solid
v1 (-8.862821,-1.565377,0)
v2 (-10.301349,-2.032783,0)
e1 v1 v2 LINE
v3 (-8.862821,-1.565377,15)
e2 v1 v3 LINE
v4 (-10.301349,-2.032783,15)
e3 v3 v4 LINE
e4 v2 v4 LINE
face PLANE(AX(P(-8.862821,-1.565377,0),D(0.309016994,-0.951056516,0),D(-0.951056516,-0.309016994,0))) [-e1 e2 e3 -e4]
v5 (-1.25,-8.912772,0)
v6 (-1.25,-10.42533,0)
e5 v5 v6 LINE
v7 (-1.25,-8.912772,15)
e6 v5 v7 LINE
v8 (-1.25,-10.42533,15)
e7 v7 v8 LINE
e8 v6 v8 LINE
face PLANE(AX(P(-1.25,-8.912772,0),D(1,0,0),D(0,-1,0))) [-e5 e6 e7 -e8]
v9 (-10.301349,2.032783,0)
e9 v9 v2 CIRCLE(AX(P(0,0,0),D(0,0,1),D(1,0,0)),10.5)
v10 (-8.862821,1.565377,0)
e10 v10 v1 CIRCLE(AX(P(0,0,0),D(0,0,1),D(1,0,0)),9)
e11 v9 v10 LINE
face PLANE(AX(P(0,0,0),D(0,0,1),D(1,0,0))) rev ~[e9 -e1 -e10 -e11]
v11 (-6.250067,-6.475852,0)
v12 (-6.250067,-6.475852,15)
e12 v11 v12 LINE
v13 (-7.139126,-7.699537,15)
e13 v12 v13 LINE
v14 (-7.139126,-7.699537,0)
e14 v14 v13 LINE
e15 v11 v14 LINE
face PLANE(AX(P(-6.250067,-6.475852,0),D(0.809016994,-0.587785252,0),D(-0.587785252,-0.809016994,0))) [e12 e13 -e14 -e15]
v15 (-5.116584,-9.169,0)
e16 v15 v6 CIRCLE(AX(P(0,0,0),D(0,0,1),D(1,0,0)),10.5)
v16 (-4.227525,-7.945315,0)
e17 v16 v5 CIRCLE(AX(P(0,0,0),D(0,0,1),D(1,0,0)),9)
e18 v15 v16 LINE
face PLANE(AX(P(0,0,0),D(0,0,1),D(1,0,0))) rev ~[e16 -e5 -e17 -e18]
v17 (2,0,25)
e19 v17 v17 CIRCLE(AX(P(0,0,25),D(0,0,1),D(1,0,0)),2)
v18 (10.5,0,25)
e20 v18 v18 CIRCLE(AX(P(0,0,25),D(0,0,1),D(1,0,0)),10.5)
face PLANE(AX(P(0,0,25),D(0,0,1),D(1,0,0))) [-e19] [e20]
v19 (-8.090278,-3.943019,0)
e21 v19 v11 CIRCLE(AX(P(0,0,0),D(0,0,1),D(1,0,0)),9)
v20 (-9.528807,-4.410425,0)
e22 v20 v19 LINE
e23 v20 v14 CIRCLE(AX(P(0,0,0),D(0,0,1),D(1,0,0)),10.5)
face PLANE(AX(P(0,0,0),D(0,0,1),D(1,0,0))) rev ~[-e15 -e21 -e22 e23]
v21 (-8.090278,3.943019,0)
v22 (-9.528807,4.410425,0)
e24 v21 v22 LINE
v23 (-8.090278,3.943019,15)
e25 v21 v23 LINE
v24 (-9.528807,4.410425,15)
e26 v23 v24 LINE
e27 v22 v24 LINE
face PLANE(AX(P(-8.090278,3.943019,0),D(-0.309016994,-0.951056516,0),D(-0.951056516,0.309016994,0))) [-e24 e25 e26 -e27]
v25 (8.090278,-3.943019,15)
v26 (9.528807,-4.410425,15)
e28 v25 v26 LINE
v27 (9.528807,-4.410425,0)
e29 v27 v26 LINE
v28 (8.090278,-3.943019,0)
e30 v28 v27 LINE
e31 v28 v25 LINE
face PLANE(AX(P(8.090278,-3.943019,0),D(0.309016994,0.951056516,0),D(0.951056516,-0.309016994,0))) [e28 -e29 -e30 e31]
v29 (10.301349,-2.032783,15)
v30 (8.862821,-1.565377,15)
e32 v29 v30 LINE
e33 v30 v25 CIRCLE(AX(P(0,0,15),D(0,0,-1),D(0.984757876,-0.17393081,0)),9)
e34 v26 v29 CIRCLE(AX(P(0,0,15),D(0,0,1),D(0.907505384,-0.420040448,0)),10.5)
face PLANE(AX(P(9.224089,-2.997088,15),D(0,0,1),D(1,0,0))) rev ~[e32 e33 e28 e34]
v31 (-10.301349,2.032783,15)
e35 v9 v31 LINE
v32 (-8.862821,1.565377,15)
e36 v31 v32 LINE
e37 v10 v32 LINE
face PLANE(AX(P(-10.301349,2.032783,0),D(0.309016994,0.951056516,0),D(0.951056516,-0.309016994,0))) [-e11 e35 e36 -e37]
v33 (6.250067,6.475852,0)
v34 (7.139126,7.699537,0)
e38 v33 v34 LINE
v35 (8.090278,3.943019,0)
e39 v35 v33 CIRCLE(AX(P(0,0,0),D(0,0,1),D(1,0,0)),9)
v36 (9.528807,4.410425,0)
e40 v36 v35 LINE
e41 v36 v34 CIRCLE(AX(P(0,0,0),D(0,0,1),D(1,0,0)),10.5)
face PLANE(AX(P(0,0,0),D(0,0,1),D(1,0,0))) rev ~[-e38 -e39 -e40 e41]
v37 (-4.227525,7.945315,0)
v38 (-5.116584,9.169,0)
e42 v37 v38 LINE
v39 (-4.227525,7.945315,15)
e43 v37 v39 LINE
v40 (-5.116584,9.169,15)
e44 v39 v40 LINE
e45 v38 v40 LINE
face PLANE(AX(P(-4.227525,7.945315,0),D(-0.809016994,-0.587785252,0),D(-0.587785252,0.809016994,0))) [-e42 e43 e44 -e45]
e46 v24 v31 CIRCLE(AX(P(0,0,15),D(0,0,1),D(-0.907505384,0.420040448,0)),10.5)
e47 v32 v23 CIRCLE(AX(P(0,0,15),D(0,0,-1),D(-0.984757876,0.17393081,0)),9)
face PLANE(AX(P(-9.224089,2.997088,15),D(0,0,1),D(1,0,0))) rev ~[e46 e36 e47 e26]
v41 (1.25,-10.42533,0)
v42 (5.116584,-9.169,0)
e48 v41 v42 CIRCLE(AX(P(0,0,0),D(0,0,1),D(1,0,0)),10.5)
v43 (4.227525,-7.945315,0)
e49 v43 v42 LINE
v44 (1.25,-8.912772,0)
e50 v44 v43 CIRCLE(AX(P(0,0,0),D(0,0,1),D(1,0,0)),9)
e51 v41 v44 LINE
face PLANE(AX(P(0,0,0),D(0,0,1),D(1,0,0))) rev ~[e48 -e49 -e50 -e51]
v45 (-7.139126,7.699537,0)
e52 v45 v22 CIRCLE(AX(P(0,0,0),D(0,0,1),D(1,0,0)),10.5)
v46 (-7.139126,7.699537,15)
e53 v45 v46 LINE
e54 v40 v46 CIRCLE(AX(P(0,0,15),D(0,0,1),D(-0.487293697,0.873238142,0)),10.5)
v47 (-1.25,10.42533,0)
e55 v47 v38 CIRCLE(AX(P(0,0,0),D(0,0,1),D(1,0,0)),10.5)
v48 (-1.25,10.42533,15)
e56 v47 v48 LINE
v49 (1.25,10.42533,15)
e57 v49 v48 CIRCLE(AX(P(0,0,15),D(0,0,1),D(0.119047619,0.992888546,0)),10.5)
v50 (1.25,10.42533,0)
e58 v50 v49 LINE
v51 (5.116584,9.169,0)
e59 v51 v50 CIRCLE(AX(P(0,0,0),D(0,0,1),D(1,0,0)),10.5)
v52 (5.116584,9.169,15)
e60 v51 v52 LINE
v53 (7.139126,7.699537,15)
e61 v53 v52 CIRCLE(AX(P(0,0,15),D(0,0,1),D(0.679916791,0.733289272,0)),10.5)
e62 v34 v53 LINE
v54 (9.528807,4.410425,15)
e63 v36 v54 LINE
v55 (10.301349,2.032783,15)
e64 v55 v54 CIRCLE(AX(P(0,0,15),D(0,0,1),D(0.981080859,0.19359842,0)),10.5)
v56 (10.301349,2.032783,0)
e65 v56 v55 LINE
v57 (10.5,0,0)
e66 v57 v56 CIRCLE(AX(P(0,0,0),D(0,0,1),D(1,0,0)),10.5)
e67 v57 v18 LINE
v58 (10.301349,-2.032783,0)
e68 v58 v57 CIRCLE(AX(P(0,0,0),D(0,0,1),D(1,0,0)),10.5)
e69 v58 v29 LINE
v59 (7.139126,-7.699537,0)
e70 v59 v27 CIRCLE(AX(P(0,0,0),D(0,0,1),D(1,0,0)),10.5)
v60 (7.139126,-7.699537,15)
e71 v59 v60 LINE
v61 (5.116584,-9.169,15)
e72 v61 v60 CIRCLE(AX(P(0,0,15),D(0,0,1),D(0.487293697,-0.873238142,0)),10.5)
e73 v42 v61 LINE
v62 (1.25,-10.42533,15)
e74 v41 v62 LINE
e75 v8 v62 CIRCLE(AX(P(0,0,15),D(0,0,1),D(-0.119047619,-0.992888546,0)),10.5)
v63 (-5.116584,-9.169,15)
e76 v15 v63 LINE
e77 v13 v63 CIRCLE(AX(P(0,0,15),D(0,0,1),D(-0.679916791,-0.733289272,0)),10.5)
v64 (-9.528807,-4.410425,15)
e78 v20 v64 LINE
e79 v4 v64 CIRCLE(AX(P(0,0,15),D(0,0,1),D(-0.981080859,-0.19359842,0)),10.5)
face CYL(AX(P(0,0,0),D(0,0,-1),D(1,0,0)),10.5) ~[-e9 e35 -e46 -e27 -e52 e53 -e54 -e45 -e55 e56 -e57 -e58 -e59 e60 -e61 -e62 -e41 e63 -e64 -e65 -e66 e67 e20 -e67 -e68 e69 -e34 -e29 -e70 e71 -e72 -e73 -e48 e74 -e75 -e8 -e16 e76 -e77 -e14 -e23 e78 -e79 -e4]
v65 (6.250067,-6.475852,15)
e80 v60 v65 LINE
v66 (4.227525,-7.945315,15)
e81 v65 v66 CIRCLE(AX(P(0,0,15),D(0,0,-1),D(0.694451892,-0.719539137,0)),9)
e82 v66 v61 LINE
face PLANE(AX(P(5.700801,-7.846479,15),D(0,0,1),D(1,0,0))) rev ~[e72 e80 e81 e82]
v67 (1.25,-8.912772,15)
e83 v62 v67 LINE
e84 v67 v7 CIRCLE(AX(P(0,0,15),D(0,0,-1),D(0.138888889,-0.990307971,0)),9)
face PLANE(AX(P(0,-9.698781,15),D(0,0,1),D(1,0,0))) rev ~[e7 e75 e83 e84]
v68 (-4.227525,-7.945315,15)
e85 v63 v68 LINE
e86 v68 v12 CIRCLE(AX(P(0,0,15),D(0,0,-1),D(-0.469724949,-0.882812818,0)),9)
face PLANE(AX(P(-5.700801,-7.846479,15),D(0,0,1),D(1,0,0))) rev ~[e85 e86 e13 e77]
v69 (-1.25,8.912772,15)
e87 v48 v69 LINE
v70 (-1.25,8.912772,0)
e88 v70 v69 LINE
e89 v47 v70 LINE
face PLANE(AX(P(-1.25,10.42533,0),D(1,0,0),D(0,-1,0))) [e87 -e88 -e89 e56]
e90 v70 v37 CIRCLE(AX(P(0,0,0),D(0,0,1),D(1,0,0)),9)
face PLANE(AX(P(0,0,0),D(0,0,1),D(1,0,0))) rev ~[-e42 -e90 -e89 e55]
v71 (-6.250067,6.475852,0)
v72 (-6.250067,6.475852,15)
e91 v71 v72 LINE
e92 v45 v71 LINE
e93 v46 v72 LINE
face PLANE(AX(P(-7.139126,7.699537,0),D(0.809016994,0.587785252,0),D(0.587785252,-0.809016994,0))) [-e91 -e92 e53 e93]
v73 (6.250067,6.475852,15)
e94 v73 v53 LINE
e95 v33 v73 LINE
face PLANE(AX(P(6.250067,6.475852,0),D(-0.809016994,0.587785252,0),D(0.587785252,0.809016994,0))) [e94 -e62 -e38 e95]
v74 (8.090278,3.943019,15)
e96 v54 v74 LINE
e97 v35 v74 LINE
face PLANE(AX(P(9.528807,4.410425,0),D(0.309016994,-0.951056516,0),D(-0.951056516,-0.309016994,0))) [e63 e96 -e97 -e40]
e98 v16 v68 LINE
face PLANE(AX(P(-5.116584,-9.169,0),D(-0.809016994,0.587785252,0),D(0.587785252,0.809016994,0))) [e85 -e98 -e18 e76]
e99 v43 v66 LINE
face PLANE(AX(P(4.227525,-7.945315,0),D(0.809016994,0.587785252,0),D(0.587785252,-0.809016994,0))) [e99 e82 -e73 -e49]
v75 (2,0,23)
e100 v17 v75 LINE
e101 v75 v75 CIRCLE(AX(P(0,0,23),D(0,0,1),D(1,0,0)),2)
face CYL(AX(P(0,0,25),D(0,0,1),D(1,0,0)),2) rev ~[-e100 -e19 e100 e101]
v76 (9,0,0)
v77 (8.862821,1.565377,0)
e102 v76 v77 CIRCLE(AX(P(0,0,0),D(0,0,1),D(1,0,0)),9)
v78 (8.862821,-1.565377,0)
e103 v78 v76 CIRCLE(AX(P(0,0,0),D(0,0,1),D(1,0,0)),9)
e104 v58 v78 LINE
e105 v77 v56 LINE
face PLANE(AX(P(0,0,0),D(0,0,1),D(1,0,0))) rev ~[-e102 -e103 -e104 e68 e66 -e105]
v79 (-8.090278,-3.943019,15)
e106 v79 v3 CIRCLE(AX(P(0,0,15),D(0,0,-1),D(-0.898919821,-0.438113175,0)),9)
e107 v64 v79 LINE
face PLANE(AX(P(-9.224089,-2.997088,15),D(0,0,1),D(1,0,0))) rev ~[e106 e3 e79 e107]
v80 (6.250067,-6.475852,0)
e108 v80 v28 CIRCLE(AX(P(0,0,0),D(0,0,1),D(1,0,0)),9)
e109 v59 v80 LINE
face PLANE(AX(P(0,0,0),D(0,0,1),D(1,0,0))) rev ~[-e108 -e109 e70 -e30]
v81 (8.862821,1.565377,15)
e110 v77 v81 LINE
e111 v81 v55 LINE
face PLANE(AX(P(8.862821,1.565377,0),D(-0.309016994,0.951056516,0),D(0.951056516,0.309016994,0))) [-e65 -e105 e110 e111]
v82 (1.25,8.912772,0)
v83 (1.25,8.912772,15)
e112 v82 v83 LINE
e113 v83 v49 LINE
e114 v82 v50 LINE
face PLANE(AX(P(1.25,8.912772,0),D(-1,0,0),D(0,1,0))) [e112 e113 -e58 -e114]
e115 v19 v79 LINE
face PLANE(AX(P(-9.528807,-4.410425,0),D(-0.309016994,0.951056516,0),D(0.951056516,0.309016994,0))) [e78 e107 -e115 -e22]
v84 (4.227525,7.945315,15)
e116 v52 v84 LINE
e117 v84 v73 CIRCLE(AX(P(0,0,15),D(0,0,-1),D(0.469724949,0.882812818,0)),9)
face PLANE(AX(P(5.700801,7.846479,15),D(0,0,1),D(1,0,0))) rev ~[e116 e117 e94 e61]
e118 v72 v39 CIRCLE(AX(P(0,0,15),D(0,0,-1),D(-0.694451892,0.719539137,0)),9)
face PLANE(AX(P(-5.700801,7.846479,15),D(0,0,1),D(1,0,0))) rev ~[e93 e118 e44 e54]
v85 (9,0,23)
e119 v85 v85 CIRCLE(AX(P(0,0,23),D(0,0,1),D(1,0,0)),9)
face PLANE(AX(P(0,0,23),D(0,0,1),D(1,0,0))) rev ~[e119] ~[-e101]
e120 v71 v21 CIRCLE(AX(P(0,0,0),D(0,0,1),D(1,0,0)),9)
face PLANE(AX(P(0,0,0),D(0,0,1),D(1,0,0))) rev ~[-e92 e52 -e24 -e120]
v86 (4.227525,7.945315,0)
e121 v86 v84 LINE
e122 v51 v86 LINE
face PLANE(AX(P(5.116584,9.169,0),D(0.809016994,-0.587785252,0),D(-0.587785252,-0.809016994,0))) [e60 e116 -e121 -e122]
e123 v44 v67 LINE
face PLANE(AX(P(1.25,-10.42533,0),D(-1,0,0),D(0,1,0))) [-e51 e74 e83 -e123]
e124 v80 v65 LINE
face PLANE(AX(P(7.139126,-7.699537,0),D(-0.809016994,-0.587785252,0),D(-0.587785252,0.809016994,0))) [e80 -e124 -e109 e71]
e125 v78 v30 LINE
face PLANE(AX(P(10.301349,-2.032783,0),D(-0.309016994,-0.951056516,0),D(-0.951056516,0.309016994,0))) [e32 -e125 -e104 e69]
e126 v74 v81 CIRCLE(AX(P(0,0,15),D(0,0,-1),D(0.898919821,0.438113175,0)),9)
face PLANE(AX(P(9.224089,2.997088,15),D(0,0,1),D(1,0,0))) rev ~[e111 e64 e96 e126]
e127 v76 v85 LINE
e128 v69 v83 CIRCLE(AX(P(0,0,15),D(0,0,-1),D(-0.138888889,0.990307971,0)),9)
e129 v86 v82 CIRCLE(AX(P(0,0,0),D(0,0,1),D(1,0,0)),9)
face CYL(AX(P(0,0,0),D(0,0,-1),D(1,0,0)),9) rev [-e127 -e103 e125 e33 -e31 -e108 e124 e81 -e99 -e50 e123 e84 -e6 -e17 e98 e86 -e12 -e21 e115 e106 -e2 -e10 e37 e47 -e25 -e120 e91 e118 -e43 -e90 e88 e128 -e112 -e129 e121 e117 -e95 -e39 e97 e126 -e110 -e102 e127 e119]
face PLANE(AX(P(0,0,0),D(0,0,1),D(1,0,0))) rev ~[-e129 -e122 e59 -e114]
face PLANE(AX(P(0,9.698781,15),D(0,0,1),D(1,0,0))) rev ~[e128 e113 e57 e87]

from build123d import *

# Parameters (mm, degrees)
F0_R     = 10.5
F0_R_2   = 9
F1_DEPTH = 25
F2_DEPTH = 23
F3_R     = 2
F4_DEPTH = 25.001
F6_DEPTH = 15


with BuildPart() as f1:
    # F0 (on Top) → F1 (new body)
    with BuildSketch(Plane.XY):
        Circle(F0_R)
        Circle(F0_R_2, mode=Mode.SUBTRACT)
        Circle(F0_R_2)
    extrude(amount=F1_DEPTH)

    # F0 (on Top) → F2 (cut)
    with BuildSketch(Plane.XY):
        Circle(F0_R_2)
    extrude(amount=F2_DEPTH, mode=Mode.SUBTRACT)

    # F3 (on face) → F4 (cut, through all)
    with BuildSketch(Plane.XY.offset(25)):
        Circle(F3_R)
    extrude(amount=-F4_DEPTH, mode=Mode.SUBTRACT)

    # F5 (on face) → F6 (cut)
    with BuildSketch(Plane.XY):
        with BuildLine():
            Line((6.2500670258, 6.4758522352), (7.1391263091, 7.699537359))
            ThreePointArc((7.1391263091, 7.699537359), (6.1717451491, 8.4946784409), (5.1165838232, 9.1690004897))
            Line((5.1165838232, 9.1690004897), (4.2275245399, 7.945315366))
            ThreePointArc((4.2275245399, 7.945315366), (5.2900672706, 7.2811529494), (6.2500670258, 6.4758522352))
        make_face()
        with BuildLine():
            Line((8.8628208798, 1.5653772877), (10.3013490182, 2.0327834135))
            ThreePointArc((10.3013490182, 2.0327834135), (9.9860934211, 3.2446784409), (9.5288065322, 4.4104247042))
            Line((9.5288065322, 4.4104247042), (8.0902783938, 3.9430185785))
            ThreePointArc((8.0902783938, 3.9430185785), (8.5595086467, 2.7811529494), (8.8628208798, 1.5653772877))
        make_face()
        with BuildLine():
            ThreePointArc((1.25, 10.425329731), (0, 10.5), (-1.25, 10.425329731))
            Line((-1.25, 10.425329731), (-1.25, 8.912771735))
            ThreePointArc((-1.25, 8.912771735), (0, 9), (1.25, 8.912771735))
            Line((1.25, 8.912771735), (1.25, 10.425329731))
        make_face()
        with BuildLine():
            ThreePointArc((-5.1165838232, 9.1690004897), (-6.1717451491, 8.4946784409), (-7.1391263091, 7.699537359))
            Line((-7.1391263091, 7.699537359), (-6.2500670258, 6.4758522352))
            ThreePointArc((-6.2500670258, 6.4758522352), (-5.2900672706, 7.2811529494), (-4.2275245399, 7.945315366))
            Line((-4.2275245399, 7.945315366), (-5.1165838232, 9.1690004897))
        make_face()
        with BuildLine():
            ThreePointArc((-10.3013490182, -2.0327834135), (-9.9860934211, -3.2446784409), (-9.5288065322, -4.4104247042))
            Line((-9.5288065322, -4.4104247042), (-8.0902783938, -3.9430185785))
            ThreePointArc((-8.0902783938, -3.9430185785), (-8.5595086467, -2.7811529494), (-8.8628208798, -1.5653772877))
            Line((-8.8628208798, -1.5653772877), (-10.3013490182, -2.0327834135))
        make_face()
        with BuildLine():
            ThreePointArc((-7.1391263091, -7.699537359), (-6.1717451491, -8.4946784409), (-5.1165838232, -9.1690004897))
            Line((-5.1165838232, -9.1690004897), (-4.2275245399, -7.945315366))
            ThreePointArc((-4.2275245399, -7.945315366), (-5.2900672706, -7.2811529494), (-6.2500670258, -6.4758522352))
            Line((-6.2500670258, -6.4758522352), (-7.1391263091, -7.699537359))
        make_face()
        with BuildLine():
            Line((-1.25, -8.912771735), (-1.25, -10.425329731))
            ThreePointArc((-1.25, -10.425329731), (0, -10.5), (1.25, -10.425329731))
            Line((1.25, -10.425329731), (1.25, -8.912771735))
            ThreePointArc((1.25, -8.912771735), (0, -9), (-1.25, -8.912771735))
        make_face()
        with BuildLine():
            Line((4.2275245399, -7.945315366), (5.1165838232, -9.1690004897))
            ThreePointArc((5.1165838232, -9.1690004897), (6.1717451491, -8.4946784409), (7.1391263091, -7.699537359))
            Line((7.1391263091, -7.699537359), (6.2500670258, -6.4758522352))
            ThreePointArc((6.2500670258, -6.4758522352), (5.2900672706, -7.2811529494), (4.2275245399, -7.945315366))
        make_face()
        with BuildLine():
            ThreePointArc((-9.5288065322, 4.4104247042), (-9.9860934211, 3.2446784409), (-10.3013490182, 2.0327834135))
            Line((-10.3013490182, 2.0327834135), (-8.8628208798, 1.5653772877))
            ThreePointArc((-8.8628208798, 1.5653772877), (-8.5595086467, 2.7811529494), (-8.0902783938, 3.9430185785))
            Line((-8.0902783938, 3.9430185785), (-9.5288065322, 4.4104247042))
        make_face()
        Polygon((-0.7725424859, -1.0633135104), (-0.4774575141, -1.4694631307), (0, -1.3143277803), align=None)
        Polygon((0, -1.3143277803), (0.4774575141, -1.4694631307), (0.7725424859, -1.0633135104), align=None)
        with BuildLine():
            Line((8.0902783938, -3.9430185785), (9.5288065322, -4.4104247042))
            ThreePointArc((9.5288065322, -4.4104247042), (9.9860934211, -3.2446784409), (10.3013490182, -2.0327834135))
            Line((10.3013490182, -2.0327834135), (8.8628208798, -1.5653772877))
            ThreePointArc((8.8628208798, -1.5653772877), (8.5595086467, -2.7811529494), (8.0902783938, -3.9430185785))
        make_face()
    extrude(amount=F6_DEPTH, mode=Mode.SUBTRACT)


solid = f1.part
